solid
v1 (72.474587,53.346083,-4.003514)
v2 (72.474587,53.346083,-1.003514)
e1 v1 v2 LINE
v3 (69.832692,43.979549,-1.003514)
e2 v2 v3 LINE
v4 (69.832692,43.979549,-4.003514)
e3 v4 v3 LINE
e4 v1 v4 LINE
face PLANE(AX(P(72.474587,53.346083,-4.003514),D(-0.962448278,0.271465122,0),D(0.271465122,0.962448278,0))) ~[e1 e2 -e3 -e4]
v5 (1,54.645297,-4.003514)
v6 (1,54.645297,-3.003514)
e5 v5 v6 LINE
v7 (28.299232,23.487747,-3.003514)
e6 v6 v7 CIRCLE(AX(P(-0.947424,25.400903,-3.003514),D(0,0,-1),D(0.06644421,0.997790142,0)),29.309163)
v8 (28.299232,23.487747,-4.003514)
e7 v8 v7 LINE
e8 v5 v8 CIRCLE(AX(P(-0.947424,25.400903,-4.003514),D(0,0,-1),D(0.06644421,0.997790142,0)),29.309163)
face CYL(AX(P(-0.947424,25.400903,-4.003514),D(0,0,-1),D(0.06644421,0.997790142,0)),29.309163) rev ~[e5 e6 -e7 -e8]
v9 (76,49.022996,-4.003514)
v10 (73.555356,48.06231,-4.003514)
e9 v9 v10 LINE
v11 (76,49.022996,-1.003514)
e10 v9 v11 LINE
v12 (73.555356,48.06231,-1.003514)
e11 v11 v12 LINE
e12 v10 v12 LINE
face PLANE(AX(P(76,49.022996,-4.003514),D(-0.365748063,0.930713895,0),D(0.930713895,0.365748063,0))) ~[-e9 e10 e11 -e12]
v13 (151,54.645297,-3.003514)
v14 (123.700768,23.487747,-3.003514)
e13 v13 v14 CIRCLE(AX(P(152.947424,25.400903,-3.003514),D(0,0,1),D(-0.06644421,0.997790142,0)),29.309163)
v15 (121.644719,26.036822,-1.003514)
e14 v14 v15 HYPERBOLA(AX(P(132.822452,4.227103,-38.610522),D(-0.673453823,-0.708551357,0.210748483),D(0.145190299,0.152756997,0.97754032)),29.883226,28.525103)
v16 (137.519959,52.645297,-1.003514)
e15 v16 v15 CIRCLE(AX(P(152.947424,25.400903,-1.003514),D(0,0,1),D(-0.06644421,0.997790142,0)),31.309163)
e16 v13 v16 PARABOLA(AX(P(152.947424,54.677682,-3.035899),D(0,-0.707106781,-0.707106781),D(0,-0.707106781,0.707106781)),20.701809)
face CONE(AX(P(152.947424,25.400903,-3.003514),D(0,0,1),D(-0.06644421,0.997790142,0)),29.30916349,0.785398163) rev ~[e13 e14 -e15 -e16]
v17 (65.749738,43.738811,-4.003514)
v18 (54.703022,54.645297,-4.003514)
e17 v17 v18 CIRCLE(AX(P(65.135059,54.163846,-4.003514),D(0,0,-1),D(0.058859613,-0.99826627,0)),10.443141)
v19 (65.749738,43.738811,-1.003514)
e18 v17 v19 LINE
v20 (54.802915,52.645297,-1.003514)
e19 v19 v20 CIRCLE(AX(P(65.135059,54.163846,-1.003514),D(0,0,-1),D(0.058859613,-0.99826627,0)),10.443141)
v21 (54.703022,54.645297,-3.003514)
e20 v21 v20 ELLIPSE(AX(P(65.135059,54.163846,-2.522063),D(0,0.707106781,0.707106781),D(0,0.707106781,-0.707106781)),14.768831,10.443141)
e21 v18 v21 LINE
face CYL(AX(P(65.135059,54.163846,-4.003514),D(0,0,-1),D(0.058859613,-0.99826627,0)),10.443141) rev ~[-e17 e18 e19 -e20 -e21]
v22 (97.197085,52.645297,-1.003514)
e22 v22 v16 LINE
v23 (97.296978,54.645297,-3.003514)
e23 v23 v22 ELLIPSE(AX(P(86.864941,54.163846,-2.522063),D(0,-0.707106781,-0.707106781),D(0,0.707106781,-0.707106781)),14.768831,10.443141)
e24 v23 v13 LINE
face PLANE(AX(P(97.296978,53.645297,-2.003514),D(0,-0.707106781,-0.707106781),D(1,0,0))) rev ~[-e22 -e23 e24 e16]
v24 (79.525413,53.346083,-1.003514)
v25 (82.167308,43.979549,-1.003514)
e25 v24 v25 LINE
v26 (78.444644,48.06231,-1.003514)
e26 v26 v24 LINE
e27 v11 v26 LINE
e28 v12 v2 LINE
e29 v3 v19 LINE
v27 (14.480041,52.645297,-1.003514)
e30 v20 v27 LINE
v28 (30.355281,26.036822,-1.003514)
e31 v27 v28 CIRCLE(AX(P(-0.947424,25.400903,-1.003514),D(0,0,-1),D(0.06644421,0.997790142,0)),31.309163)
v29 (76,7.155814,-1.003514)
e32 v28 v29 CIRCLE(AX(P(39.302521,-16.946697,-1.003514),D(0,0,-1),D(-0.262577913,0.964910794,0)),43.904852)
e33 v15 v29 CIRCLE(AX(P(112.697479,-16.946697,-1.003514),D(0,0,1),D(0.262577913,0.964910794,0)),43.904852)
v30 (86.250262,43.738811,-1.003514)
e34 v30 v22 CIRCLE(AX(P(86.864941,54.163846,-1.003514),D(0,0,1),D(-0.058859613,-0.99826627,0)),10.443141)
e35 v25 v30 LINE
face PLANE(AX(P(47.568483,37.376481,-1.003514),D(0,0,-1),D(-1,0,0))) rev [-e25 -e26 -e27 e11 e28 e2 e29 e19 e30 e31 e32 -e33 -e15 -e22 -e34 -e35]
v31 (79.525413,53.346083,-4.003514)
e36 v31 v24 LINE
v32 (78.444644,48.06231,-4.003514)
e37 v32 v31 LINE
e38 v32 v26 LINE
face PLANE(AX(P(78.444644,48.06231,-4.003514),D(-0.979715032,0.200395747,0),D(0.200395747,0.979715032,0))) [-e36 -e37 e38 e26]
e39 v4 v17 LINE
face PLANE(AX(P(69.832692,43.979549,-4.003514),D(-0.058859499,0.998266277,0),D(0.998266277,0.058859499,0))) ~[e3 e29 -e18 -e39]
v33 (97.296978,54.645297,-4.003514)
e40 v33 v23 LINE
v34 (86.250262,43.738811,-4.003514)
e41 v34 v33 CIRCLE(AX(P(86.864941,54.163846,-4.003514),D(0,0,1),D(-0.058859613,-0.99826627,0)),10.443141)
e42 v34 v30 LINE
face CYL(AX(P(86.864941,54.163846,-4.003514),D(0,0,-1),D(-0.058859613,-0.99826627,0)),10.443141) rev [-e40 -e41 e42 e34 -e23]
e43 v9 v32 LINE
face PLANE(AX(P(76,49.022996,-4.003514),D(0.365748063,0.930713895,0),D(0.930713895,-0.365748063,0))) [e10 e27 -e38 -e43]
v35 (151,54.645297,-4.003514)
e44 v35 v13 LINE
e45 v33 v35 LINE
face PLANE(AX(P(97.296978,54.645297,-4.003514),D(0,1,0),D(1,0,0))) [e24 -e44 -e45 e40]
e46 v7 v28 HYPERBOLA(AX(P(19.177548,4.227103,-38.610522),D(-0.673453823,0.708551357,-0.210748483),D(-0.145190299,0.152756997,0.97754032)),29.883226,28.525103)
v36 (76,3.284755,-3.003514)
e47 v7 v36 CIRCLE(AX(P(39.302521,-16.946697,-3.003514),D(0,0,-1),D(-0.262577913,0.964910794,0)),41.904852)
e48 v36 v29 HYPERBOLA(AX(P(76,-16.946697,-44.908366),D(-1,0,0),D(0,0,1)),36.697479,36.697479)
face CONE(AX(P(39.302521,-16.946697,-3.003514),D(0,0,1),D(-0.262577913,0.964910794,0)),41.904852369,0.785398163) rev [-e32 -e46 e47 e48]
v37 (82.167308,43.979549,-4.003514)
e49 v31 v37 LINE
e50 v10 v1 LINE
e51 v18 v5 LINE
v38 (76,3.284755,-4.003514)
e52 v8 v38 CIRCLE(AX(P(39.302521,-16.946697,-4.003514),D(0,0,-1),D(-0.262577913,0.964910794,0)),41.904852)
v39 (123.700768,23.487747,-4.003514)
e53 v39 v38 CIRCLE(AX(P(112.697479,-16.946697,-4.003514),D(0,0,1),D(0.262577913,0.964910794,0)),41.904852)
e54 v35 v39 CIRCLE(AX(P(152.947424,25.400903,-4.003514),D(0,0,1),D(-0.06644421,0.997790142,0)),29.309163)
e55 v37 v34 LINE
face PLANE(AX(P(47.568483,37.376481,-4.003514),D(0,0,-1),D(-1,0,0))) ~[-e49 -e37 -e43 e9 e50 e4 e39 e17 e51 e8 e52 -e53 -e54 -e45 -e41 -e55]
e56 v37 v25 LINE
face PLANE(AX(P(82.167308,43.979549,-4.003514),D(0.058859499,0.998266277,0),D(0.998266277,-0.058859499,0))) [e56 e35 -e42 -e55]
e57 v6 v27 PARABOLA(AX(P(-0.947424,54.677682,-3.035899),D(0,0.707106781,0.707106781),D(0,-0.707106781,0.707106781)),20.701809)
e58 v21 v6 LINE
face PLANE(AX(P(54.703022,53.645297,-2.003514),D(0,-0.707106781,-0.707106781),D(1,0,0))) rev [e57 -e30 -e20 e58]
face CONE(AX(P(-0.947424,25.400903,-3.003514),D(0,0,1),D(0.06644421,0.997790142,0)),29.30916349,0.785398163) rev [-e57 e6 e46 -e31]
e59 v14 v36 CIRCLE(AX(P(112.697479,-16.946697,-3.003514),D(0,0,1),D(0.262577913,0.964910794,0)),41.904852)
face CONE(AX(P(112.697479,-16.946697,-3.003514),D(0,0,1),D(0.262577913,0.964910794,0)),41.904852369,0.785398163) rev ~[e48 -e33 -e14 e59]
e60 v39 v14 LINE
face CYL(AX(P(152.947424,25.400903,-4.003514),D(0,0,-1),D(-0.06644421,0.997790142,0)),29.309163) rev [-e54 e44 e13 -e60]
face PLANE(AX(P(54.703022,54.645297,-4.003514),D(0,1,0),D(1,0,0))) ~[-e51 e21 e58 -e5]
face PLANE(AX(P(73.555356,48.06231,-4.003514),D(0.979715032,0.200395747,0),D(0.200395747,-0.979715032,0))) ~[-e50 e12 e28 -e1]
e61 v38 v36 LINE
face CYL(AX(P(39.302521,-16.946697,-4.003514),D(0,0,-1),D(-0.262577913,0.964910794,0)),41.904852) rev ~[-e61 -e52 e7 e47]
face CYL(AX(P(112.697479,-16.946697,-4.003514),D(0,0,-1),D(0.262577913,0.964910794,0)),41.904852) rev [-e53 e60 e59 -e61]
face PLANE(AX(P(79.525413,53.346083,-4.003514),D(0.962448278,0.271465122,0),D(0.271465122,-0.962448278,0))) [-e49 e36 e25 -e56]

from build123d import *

# Parameters (mm, degrees)
PAD_DEPTH    = 3
CHAMFER_SIZE = 2


with BuildPart() as body:
    # Sketch → Pad (new body)
    with BuildSketch(Plane.XY):
        with BuildLine():
            Line((0, 0), (0, 14.502488))
            Line((0, 14.502488), (2.444644, 13.541802))
            Line((2.444644, 13.541802), (3.525413, 18.825575))
            Line((3.525413, 18.825575), (6.167308, 9.459041))
            Line((6.167308, 9.459041), (10.250262, 9.218303))
            ThreePointArc((10.250262, 9.218303), (18.202038, 12.211905), (21.296978, 20.124789))
            Line((21.296978, 20.124789), (75, 20.124789))
            ThreePointArc((75, 20.124789), (54.90279, 10.195186), (47.700768, -11.032761))
            ThreePointArc((47.700768, -11.032761), (20.35465, -12.880568), (0, -31.235753))
            Line((0, -31.235753), (0, 0))
        make_face()
    extrude(amount=PAD_DEPTH)

    # Chamfer
    chamfer_edges = [body.edges().sort_by_distance(p)[0] for p in [
        (20.35465, -12.880568, 3),
        (54.90279, 10.195186, 3),
        (48.148489, 20.124789, 3),
    ]]
    chamfer(chamfer_edges, length=CHAMFER_SIZE)


with BuildPart() as part_mirroring:
    # Part__Mirroring: instance of Body
    add(body.part.mirror(Plane(origin=(0, 0, 0), x_dir=(0, -1, 0), z_dir=(1, 0, 0))))


with BuildPart() as base_fusion:
    # Fusion base: copy of Body
    add(body.part)

    # Fusion: union Part__Mirroring
    add(part_mirroring.part)


with BuildPart() as base_fusion_1:
    # Clone placement: moved
    add(base_fusion.part.moved(Location((76, 34.520508, -4.003514))))


solid = base_fusion_1.part
